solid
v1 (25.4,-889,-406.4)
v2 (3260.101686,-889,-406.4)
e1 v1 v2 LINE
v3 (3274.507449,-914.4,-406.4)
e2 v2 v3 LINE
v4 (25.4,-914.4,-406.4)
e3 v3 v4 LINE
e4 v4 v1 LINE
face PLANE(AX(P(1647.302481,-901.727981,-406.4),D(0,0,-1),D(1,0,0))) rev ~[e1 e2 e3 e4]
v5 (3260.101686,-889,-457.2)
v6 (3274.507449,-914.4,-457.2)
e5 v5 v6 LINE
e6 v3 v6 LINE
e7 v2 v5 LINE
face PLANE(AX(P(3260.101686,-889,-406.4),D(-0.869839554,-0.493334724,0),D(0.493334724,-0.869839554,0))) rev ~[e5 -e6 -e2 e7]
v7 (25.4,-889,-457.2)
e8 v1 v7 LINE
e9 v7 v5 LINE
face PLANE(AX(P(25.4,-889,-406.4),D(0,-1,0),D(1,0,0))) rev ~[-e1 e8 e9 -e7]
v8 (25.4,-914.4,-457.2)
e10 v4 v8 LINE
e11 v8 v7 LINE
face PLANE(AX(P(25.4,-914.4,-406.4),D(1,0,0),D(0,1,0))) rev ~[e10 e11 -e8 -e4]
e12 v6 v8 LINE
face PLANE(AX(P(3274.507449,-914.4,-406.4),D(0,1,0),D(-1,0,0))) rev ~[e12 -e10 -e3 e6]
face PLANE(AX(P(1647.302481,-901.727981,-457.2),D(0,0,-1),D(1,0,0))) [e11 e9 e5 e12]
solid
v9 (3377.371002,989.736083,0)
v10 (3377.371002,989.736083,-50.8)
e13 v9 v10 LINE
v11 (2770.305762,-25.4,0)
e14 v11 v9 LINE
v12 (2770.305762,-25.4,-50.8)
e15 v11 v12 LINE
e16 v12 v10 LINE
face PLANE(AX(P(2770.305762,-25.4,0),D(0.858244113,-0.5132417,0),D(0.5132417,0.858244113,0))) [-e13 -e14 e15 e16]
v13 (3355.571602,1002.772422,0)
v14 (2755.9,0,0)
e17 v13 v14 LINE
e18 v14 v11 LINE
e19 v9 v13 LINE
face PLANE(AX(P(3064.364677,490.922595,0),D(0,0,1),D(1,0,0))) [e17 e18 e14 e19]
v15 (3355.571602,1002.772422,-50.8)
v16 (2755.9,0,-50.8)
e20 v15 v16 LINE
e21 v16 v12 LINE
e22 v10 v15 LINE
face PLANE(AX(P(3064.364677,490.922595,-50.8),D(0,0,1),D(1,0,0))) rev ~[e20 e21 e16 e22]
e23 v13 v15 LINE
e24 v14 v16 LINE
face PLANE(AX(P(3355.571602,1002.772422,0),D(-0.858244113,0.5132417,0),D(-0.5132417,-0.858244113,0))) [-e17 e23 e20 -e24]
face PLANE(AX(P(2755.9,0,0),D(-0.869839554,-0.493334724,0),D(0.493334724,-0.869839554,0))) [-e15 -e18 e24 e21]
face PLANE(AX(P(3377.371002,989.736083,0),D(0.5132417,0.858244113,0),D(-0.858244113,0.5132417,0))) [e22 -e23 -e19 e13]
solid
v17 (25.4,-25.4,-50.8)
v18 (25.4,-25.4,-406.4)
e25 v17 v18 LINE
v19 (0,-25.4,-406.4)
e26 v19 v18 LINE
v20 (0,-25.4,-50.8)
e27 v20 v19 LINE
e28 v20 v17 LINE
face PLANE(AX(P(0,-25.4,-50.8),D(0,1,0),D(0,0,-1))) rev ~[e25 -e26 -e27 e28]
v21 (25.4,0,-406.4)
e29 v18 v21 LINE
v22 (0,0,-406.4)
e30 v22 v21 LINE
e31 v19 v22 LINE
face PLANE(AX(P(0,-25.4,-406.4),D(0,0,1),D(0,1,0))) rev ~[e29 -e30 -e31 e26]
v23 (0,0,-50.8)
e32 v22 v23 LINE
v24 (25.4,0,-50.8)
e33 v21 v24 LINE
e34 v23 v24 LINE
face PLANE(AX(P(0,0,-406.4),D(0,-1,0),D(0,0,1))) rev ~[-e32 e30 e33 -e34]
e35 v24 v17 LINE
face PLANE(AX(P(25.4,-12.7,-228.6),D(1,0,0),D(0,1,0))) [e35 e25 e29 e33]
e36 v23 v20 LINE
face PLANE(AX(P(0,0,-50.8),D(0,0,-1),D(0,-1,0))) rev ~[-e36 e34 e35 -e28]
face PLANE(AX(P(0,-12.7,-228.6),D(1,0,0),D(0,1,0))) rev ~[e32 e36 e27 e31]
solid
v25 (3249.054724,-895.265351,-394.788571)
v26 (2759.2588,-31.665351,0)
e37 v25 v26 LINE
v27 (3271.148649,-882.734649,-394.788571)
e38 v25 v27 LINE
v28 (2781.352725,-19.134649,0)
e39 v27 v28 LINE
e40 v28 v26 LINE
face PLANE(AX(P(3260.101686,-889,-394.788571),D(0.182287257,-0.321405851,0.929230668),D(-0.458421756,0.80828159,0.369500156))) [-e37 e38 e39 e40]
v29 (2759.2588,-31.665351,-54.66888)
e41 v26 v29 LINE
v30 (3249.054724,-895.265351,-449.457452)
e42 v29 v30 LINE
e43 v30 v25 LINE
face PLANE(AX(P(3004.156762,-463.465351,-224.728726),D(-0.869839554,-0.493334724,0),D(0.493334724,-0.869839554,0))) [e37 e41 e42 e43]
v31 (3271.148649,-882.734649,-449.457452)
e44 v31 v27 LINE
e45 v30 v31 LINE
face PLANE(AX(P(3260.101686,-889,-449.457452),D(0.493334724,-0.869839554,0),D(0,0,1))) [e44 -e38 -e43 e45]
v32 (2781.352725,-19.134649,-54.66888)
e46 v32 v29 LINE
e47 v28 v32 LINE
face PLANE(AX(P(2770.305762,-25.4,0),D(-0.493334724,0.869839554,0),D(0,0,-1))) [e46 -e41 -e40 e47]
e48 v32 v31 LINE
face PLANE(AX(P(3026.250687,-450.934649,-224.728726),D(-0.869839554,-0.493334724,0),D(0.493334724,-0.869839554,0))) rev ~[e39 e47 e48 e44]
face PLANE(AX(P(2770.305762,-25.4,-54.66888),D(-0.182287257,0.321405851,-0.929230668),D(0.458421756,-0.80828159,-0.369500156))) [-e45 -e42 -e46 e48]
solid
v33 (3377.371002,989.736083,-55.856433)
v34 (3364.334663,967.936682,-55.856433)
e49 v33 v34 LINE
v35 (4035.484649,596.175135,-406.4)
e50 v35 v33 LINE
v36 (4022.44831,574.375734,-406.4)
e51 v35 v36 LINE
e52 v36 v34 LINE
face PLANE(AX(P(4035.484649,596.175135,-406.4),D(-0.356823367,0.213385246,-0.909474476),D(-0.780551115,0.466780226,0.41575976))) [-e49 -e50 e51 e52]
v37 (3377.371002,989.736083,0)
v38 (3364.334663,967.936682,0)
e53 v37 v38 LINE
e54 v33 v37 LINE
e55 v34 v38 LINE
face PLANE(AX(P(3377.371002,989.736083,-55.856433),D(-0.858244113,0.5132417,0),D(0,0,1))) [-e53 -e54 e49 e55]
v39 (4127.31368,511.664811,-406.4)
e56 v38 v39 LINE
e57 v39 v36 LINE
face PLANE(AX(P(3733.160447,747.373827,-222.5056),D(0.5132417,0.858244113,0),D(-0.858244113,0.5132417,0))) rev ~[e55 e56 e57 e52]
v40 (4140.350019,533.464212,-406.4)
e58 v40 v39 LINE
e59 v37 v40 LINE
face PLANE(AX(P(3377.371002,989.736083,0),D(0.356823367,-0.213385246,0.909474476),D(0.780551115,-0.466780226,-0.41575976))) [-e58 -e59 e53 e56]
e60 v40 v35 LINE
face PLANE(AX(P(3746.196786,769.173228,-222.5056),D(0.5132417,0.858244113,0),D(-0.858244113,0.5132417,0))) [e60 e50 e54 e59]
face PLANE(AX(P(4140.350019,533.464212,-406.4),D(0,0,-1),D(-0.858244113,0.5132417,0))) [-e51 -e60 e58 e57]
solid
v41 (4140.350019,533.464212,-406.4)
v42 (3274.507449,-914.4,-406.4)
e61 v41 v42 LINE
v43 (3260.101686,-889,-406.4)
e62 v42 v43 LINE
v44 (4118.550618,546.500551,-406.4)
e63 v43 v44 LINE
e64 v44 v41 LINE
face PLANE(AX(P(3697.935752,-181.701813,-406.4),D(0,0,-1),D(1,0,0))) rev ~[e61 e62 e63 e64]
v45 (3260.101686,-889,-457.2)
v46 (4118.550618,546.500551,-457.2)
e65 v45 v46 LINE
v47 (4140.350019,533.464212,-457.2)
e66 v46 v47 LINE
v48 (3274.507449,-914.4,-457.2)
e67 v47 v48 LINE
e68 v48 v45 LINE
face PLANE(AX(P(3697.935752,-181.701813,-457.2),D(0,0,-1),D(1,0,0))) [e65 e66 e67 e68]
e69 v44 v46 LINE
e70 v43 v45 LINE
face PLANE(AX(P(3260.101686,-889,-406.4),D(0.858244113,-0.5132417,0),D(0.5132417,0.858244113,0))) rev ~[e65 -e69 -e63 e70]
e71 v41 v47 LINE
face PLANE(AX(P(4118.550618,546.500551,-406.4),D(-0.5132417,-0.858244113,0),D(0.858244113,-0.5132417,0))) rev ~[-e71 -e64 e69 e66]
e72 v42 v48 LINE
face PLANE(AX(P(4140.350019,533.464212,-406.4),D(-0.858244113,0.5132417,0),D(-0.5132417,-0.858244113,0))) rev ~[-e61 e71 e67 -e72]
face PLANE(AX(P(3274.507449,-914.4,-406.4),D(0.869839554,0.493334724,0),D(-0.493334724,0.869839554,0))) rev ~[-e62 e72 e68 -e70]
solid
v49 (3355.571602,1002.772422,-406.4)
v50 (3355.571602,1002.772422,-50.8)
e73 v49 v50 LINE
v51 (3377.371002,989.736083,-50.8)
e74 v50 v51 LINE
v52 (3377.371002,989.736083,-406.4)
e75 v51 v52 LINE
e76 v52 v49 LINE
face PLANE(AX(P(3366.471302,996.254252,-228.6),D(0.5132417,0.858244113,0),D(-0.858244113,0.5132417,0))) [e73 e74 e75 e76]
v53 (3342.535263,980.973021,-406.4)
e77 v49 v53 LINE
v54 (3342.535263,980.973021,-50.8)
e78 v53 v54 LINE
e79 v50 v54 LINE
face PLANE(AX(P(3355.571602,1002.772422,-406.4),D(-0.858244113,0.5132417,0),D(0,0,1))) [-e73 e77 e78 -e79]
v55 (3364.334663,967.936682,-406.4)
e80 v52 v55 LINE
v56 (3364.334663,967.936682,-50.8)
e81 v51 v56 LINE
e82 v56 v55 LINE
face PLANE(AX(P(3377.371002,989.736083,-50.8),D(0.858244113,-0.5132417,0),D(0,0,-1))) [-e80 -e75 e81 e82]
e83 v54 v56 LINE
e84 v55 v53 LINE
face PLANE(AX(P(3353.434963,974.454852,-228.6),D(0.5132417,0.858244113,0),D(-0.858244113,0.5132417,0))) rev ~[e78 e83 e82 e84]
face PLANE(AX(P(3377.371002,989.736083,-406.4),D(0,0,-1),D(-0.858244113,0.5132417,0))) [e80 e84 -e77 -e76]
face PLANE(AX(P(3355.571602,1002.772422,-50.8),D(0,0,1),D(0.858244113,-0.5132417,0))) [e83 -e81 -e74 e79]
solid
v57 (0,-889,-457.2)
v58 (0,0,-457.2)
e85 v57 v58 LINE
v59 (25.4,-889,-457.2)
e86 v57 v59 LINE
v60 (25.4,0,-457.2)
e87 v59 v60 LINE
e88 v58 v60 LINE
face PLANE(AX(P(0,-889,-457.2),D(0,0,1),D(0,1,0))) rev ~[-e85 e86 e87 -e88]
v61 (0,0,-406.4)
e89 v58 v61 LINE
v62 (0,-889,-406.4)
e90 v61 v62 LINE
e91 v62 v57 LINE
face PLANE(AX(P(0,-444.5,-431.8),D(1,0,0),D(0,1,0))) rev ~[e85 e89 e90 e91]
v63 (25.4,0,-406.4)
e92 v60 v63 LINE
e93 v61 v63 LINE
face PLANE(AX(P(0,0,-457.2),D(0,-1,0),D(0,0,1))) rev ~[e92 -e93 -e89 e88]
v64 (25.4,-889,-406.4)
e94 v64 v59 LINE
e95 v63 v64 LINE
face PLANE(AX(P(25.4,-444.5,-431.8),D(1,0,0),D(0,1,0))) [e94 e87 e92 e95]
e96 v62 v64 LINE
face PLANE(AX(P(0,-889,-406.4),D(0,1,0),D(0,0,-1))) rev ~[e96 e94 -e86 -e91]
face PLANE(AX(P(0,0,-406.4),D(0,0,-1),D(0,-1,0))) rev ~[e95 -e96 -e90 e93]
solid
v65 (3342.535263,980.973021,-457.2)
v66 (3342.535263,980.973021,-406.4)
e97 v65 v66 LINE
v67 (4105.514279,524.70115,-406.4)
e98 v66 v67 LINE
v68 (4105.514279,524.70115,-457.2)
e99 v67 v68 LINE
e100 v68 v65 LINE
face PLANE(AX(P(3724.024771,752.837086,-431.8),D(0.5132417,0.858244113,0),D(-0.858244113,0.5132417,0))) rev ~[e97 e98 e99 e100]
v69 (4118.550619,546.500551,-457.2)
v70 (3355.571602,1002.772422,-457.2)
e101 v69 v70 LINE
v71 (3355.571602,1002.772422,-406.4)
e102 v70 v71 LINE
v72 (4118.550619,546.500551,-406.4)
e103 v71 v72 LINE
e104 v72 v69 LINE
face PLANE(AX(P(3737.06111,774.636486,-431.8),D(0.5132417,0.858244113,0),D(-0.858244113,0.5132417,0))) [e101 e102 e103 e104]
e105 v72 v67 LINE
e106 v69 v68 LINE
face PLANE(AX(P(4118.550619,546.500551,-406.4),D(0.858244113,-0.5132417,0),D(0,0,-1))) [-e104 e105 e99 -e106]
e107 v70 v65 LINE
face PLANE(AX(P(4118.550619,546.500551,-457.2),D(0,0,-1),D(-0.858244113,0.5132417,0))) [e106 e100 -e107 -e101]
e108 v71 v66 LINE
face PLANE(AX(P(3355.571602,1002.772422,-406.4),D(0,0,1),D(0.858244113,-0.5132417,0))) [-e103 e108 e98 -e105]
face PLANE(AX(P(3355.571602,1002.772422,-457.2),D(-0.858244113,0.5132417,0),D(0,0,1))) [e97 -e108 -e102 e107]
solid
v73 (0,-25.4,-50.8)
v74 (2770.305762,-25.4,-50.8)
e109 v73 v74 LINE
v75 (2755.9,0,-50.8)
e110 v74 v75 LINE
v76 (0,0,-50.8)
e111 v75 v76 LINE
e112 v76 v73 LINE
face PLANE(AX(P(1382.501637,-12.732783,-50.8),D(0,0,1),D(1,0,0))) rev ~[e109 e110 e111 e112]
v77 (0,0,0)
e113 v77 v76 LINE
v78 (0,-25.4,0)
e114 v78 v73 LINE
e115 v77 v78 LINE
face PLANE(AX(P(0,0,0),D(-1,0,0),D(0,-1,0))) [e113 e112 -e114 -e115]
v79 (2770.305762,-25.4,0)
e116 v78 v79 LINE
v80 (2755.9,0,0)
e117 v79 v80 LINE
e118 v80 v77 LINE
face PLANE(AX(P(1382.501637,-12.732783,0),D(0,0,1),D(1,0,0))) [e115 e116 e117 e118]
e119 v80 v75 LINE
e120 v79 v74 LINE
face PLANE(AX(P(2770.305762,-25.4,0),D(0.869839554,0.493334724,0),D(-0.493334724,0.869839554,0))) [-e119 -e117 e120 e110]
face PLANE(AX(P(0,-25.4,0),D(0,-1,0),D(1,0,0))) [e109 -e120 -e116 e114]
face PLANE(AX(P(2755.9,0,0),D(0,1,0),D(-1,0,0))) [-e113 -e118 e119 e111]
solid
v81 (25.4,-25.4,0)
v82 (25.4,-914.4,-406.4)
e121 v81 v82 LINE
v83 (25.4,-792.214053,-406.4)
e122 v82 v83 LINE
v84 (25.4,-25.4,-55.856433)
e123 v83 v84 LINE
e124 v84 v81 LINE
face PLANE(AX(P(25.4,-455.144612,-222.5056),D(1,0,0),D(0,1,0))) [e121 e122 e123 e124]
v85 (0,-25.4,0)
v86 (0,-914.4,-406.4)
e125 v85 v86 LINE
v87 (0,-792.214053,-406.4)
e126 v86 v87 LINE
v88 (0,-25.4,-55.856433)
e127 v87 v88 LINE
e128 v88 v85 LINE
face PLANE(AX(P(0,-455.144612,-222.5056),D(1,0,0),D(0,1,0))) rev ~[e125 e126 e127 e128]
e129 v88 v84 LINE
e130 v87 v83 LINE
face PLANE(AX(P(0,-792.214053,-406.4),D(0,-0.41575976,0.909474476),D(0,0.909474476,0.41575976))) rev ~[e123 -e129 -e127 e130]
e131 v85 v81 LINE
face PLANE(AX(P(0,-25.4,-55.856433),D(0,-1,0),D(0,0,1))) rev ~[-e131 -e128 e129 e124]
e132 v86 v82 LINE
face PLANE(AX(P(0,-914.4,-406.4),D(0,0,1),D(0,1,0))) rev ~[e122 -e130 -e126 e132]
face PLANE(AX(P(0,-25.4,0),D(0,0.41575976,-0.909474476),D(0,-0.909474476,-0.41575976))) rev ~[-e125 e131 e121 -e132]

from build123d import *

# Parameters (mm, degrees)
F1_DEPTH       = 50.8
F2_DEPTH       = 50.8
F4_DEPTH       = 25.4
F5_DEPTH       = 25.4
F6_DEPTH       = 25.4
F8_DEPTH       = 25.4
F9_DEPTH       = 25.4
F10_DEPTH      = 25.4
F12_DEPTH      = 50.8
F13_DEPTH      = 50.8
F16_DEPTH      = 12.7
F16_DEPTH_BACK = 12.7


with BuildPart() as f1:
    # F0 (on Top) → F1 (new body)
    with BuildSketch(Plane.XY):
        Polygon((2755.9, 0), (0, 0), (0, -25.4), (2770.3057624632, -25.4), align=None)
    extrude(amount=-F1_DEPTH)


with BuildPart() as f2:
    # F0 (on Top) → F2 (new body)
    with BuildSketch(Plane.XY):
        Polygon((3355.5716018378, 1002.7724218133), (2755.9, 0), (2770.3057624632, -25.4), (3377.371002312, 989.7360826429), align=None)
    extrude(amount=-F2_DEPTH)


with BuildPart() as f4:
    # F3 (on Right) → F4 (new body)
    with BuildSketch(Plane.YZ):
        Polygon((-792.2140530789, -406.4), (-25.4, -55.8564328782), (-25.4, -50.8), (-25.4, 0), (-914.4, -406.4), (-889, -406.4), align=None)
    extrude(amount=F4_DEPTH)


with BuildPart() as f5:
    # F3 (on Right) → F5 (new body)
    with BuildSketch(Plane.YZ):
        Polygon((-25.4, -50.8), (-25.4, -55.8564328782), (-25.4, -406.4), (0, -406.4), (0, -50.8), align=None)
    extrude(amount=F5_DEPTH)


with BuildPart() as f6:
    # F3 (on Right) → F6 (new body)
    with BuildSketch(Plane.YZ):
        Polygon((-25.4, -406.4), (-792.2140530789, -406.4), (-889, -406.4), (-889, -457.2), (0, -457.2), (0, -406.4), align=None)
    extrude(amount=F6_DEPTH)


with BuildPart() as f8:
    # F7 (on face) → F8 (new body)
    with BuildSketch(Plane(origin=(1325.6226285205, 2216.7096283002, 0), x_dir=(-0.8582441132, 0.5132416996, 0), z_dir=(0.5132416996, 0.8582441132, 0))):
        Polygon((-2390.6349514509, -50.8), (-2390.6349514509, 0), (-3279.6349514509, -406.4), (-3254.2349514509, -406.4), (-3157.4490045299, -406.4), (-2390.6349514509, -55.8564328782), align=None)
    extrude(amount=-F8_DEPTH)


with BuildPart() as f9:
    # F7 (on face) → F9 (new body)
    with BuildSketch(Plane(origin=(1325.6226285205, 2216.7096283002, 0), x_dir=(-0.8582441132, 0.5132416996, 0), z_dir=(0.5132416996, 0.8582441132, 0))):
        Polygon((-2365.2349514509, -50.8), (-2390.6349514509, -50.8), (-2390.6349514509, -55.8564328782), (-2390.6349514509, -406.4), (-2365.2349514509, -406.4), align=None)
    extrude(amount=-F9_DEPTH)


with BuildPart() as f10:
    # F7 (on face) → F10 (new body)
    with BuildSketch(Plane(origin=(1325.6226285205, 2216.7096283002, 0), x_dir=(-0.8582441132, 0.5132416996, 0), z_dir=(0.5132416996, 0.8582441132, 0))):
        Polygon((-3157.4490045299, -406.4), (-3254.2349514509, -406.4), (-3254.2349514509, -457.2), (-2365.2349514509, -457.2), (-2365.2349514509, -406.4), (-2390.6349514509, -406.4), align=None)
    extrude(amount=-F10_DEPTH)


with BuildPart() as f12:
    # F11 (on face) → F12 (new body)
    with BuildSketch(Plane(origin=(0, 0, -406.4), x_dir=(1, 0, 0), z_dir=(0, 0, -1))):
        Polygon((3274.5074486763, 914.4), (25.4, 914.4), (25.4, 889), (3260.1016862131, 889), align=None)
    extrude(amount=F12_DEPTH)


with BuildPart() as f13:
    # F11 (on face) → F13 (new body)
    with BuildSketch(Plane(origin=(0, 0, -406.4), x_dir=(1, 0, 0), z_dir=(0, 0, -1))):
        Polygon((4140.3500189091, -533.4642116794), (3274.5074486763, 914.4), (3260.1016862131, 889), (4118.5506184349, -546.5005508498), align=None)
    extrude(amount=F13_DEPTH)


with BuildPart() as f16:
    # F15 (on 3pt) → F16 (new body, two sides)
    with BuildSketch(Plane(origin=(2085.1713999935, 1182.6174757255, 0), x_dir=(0.4933347243, -0.8698395541, 0), z_dir=(-0.8698395541, -0.4933347243, 0))) as f16_sk:
        Polygon((2381.6087300829, -394.7885714286), (1388.781954194, 0), (1388.781954194, -54.6688801052), (2381.6087300829, -449.4574515337), align=None)
    extrude(amount=F16_DEPTH)
    extrude(f16_sk.sketch, amount=-F16_DEPTH_BACK)


solid = Compound([f1.part, f2.part, f4.part, f5.part, f6.part, f8.part, f9.part, f10.part, f12.part, f13.part, f16.part])
